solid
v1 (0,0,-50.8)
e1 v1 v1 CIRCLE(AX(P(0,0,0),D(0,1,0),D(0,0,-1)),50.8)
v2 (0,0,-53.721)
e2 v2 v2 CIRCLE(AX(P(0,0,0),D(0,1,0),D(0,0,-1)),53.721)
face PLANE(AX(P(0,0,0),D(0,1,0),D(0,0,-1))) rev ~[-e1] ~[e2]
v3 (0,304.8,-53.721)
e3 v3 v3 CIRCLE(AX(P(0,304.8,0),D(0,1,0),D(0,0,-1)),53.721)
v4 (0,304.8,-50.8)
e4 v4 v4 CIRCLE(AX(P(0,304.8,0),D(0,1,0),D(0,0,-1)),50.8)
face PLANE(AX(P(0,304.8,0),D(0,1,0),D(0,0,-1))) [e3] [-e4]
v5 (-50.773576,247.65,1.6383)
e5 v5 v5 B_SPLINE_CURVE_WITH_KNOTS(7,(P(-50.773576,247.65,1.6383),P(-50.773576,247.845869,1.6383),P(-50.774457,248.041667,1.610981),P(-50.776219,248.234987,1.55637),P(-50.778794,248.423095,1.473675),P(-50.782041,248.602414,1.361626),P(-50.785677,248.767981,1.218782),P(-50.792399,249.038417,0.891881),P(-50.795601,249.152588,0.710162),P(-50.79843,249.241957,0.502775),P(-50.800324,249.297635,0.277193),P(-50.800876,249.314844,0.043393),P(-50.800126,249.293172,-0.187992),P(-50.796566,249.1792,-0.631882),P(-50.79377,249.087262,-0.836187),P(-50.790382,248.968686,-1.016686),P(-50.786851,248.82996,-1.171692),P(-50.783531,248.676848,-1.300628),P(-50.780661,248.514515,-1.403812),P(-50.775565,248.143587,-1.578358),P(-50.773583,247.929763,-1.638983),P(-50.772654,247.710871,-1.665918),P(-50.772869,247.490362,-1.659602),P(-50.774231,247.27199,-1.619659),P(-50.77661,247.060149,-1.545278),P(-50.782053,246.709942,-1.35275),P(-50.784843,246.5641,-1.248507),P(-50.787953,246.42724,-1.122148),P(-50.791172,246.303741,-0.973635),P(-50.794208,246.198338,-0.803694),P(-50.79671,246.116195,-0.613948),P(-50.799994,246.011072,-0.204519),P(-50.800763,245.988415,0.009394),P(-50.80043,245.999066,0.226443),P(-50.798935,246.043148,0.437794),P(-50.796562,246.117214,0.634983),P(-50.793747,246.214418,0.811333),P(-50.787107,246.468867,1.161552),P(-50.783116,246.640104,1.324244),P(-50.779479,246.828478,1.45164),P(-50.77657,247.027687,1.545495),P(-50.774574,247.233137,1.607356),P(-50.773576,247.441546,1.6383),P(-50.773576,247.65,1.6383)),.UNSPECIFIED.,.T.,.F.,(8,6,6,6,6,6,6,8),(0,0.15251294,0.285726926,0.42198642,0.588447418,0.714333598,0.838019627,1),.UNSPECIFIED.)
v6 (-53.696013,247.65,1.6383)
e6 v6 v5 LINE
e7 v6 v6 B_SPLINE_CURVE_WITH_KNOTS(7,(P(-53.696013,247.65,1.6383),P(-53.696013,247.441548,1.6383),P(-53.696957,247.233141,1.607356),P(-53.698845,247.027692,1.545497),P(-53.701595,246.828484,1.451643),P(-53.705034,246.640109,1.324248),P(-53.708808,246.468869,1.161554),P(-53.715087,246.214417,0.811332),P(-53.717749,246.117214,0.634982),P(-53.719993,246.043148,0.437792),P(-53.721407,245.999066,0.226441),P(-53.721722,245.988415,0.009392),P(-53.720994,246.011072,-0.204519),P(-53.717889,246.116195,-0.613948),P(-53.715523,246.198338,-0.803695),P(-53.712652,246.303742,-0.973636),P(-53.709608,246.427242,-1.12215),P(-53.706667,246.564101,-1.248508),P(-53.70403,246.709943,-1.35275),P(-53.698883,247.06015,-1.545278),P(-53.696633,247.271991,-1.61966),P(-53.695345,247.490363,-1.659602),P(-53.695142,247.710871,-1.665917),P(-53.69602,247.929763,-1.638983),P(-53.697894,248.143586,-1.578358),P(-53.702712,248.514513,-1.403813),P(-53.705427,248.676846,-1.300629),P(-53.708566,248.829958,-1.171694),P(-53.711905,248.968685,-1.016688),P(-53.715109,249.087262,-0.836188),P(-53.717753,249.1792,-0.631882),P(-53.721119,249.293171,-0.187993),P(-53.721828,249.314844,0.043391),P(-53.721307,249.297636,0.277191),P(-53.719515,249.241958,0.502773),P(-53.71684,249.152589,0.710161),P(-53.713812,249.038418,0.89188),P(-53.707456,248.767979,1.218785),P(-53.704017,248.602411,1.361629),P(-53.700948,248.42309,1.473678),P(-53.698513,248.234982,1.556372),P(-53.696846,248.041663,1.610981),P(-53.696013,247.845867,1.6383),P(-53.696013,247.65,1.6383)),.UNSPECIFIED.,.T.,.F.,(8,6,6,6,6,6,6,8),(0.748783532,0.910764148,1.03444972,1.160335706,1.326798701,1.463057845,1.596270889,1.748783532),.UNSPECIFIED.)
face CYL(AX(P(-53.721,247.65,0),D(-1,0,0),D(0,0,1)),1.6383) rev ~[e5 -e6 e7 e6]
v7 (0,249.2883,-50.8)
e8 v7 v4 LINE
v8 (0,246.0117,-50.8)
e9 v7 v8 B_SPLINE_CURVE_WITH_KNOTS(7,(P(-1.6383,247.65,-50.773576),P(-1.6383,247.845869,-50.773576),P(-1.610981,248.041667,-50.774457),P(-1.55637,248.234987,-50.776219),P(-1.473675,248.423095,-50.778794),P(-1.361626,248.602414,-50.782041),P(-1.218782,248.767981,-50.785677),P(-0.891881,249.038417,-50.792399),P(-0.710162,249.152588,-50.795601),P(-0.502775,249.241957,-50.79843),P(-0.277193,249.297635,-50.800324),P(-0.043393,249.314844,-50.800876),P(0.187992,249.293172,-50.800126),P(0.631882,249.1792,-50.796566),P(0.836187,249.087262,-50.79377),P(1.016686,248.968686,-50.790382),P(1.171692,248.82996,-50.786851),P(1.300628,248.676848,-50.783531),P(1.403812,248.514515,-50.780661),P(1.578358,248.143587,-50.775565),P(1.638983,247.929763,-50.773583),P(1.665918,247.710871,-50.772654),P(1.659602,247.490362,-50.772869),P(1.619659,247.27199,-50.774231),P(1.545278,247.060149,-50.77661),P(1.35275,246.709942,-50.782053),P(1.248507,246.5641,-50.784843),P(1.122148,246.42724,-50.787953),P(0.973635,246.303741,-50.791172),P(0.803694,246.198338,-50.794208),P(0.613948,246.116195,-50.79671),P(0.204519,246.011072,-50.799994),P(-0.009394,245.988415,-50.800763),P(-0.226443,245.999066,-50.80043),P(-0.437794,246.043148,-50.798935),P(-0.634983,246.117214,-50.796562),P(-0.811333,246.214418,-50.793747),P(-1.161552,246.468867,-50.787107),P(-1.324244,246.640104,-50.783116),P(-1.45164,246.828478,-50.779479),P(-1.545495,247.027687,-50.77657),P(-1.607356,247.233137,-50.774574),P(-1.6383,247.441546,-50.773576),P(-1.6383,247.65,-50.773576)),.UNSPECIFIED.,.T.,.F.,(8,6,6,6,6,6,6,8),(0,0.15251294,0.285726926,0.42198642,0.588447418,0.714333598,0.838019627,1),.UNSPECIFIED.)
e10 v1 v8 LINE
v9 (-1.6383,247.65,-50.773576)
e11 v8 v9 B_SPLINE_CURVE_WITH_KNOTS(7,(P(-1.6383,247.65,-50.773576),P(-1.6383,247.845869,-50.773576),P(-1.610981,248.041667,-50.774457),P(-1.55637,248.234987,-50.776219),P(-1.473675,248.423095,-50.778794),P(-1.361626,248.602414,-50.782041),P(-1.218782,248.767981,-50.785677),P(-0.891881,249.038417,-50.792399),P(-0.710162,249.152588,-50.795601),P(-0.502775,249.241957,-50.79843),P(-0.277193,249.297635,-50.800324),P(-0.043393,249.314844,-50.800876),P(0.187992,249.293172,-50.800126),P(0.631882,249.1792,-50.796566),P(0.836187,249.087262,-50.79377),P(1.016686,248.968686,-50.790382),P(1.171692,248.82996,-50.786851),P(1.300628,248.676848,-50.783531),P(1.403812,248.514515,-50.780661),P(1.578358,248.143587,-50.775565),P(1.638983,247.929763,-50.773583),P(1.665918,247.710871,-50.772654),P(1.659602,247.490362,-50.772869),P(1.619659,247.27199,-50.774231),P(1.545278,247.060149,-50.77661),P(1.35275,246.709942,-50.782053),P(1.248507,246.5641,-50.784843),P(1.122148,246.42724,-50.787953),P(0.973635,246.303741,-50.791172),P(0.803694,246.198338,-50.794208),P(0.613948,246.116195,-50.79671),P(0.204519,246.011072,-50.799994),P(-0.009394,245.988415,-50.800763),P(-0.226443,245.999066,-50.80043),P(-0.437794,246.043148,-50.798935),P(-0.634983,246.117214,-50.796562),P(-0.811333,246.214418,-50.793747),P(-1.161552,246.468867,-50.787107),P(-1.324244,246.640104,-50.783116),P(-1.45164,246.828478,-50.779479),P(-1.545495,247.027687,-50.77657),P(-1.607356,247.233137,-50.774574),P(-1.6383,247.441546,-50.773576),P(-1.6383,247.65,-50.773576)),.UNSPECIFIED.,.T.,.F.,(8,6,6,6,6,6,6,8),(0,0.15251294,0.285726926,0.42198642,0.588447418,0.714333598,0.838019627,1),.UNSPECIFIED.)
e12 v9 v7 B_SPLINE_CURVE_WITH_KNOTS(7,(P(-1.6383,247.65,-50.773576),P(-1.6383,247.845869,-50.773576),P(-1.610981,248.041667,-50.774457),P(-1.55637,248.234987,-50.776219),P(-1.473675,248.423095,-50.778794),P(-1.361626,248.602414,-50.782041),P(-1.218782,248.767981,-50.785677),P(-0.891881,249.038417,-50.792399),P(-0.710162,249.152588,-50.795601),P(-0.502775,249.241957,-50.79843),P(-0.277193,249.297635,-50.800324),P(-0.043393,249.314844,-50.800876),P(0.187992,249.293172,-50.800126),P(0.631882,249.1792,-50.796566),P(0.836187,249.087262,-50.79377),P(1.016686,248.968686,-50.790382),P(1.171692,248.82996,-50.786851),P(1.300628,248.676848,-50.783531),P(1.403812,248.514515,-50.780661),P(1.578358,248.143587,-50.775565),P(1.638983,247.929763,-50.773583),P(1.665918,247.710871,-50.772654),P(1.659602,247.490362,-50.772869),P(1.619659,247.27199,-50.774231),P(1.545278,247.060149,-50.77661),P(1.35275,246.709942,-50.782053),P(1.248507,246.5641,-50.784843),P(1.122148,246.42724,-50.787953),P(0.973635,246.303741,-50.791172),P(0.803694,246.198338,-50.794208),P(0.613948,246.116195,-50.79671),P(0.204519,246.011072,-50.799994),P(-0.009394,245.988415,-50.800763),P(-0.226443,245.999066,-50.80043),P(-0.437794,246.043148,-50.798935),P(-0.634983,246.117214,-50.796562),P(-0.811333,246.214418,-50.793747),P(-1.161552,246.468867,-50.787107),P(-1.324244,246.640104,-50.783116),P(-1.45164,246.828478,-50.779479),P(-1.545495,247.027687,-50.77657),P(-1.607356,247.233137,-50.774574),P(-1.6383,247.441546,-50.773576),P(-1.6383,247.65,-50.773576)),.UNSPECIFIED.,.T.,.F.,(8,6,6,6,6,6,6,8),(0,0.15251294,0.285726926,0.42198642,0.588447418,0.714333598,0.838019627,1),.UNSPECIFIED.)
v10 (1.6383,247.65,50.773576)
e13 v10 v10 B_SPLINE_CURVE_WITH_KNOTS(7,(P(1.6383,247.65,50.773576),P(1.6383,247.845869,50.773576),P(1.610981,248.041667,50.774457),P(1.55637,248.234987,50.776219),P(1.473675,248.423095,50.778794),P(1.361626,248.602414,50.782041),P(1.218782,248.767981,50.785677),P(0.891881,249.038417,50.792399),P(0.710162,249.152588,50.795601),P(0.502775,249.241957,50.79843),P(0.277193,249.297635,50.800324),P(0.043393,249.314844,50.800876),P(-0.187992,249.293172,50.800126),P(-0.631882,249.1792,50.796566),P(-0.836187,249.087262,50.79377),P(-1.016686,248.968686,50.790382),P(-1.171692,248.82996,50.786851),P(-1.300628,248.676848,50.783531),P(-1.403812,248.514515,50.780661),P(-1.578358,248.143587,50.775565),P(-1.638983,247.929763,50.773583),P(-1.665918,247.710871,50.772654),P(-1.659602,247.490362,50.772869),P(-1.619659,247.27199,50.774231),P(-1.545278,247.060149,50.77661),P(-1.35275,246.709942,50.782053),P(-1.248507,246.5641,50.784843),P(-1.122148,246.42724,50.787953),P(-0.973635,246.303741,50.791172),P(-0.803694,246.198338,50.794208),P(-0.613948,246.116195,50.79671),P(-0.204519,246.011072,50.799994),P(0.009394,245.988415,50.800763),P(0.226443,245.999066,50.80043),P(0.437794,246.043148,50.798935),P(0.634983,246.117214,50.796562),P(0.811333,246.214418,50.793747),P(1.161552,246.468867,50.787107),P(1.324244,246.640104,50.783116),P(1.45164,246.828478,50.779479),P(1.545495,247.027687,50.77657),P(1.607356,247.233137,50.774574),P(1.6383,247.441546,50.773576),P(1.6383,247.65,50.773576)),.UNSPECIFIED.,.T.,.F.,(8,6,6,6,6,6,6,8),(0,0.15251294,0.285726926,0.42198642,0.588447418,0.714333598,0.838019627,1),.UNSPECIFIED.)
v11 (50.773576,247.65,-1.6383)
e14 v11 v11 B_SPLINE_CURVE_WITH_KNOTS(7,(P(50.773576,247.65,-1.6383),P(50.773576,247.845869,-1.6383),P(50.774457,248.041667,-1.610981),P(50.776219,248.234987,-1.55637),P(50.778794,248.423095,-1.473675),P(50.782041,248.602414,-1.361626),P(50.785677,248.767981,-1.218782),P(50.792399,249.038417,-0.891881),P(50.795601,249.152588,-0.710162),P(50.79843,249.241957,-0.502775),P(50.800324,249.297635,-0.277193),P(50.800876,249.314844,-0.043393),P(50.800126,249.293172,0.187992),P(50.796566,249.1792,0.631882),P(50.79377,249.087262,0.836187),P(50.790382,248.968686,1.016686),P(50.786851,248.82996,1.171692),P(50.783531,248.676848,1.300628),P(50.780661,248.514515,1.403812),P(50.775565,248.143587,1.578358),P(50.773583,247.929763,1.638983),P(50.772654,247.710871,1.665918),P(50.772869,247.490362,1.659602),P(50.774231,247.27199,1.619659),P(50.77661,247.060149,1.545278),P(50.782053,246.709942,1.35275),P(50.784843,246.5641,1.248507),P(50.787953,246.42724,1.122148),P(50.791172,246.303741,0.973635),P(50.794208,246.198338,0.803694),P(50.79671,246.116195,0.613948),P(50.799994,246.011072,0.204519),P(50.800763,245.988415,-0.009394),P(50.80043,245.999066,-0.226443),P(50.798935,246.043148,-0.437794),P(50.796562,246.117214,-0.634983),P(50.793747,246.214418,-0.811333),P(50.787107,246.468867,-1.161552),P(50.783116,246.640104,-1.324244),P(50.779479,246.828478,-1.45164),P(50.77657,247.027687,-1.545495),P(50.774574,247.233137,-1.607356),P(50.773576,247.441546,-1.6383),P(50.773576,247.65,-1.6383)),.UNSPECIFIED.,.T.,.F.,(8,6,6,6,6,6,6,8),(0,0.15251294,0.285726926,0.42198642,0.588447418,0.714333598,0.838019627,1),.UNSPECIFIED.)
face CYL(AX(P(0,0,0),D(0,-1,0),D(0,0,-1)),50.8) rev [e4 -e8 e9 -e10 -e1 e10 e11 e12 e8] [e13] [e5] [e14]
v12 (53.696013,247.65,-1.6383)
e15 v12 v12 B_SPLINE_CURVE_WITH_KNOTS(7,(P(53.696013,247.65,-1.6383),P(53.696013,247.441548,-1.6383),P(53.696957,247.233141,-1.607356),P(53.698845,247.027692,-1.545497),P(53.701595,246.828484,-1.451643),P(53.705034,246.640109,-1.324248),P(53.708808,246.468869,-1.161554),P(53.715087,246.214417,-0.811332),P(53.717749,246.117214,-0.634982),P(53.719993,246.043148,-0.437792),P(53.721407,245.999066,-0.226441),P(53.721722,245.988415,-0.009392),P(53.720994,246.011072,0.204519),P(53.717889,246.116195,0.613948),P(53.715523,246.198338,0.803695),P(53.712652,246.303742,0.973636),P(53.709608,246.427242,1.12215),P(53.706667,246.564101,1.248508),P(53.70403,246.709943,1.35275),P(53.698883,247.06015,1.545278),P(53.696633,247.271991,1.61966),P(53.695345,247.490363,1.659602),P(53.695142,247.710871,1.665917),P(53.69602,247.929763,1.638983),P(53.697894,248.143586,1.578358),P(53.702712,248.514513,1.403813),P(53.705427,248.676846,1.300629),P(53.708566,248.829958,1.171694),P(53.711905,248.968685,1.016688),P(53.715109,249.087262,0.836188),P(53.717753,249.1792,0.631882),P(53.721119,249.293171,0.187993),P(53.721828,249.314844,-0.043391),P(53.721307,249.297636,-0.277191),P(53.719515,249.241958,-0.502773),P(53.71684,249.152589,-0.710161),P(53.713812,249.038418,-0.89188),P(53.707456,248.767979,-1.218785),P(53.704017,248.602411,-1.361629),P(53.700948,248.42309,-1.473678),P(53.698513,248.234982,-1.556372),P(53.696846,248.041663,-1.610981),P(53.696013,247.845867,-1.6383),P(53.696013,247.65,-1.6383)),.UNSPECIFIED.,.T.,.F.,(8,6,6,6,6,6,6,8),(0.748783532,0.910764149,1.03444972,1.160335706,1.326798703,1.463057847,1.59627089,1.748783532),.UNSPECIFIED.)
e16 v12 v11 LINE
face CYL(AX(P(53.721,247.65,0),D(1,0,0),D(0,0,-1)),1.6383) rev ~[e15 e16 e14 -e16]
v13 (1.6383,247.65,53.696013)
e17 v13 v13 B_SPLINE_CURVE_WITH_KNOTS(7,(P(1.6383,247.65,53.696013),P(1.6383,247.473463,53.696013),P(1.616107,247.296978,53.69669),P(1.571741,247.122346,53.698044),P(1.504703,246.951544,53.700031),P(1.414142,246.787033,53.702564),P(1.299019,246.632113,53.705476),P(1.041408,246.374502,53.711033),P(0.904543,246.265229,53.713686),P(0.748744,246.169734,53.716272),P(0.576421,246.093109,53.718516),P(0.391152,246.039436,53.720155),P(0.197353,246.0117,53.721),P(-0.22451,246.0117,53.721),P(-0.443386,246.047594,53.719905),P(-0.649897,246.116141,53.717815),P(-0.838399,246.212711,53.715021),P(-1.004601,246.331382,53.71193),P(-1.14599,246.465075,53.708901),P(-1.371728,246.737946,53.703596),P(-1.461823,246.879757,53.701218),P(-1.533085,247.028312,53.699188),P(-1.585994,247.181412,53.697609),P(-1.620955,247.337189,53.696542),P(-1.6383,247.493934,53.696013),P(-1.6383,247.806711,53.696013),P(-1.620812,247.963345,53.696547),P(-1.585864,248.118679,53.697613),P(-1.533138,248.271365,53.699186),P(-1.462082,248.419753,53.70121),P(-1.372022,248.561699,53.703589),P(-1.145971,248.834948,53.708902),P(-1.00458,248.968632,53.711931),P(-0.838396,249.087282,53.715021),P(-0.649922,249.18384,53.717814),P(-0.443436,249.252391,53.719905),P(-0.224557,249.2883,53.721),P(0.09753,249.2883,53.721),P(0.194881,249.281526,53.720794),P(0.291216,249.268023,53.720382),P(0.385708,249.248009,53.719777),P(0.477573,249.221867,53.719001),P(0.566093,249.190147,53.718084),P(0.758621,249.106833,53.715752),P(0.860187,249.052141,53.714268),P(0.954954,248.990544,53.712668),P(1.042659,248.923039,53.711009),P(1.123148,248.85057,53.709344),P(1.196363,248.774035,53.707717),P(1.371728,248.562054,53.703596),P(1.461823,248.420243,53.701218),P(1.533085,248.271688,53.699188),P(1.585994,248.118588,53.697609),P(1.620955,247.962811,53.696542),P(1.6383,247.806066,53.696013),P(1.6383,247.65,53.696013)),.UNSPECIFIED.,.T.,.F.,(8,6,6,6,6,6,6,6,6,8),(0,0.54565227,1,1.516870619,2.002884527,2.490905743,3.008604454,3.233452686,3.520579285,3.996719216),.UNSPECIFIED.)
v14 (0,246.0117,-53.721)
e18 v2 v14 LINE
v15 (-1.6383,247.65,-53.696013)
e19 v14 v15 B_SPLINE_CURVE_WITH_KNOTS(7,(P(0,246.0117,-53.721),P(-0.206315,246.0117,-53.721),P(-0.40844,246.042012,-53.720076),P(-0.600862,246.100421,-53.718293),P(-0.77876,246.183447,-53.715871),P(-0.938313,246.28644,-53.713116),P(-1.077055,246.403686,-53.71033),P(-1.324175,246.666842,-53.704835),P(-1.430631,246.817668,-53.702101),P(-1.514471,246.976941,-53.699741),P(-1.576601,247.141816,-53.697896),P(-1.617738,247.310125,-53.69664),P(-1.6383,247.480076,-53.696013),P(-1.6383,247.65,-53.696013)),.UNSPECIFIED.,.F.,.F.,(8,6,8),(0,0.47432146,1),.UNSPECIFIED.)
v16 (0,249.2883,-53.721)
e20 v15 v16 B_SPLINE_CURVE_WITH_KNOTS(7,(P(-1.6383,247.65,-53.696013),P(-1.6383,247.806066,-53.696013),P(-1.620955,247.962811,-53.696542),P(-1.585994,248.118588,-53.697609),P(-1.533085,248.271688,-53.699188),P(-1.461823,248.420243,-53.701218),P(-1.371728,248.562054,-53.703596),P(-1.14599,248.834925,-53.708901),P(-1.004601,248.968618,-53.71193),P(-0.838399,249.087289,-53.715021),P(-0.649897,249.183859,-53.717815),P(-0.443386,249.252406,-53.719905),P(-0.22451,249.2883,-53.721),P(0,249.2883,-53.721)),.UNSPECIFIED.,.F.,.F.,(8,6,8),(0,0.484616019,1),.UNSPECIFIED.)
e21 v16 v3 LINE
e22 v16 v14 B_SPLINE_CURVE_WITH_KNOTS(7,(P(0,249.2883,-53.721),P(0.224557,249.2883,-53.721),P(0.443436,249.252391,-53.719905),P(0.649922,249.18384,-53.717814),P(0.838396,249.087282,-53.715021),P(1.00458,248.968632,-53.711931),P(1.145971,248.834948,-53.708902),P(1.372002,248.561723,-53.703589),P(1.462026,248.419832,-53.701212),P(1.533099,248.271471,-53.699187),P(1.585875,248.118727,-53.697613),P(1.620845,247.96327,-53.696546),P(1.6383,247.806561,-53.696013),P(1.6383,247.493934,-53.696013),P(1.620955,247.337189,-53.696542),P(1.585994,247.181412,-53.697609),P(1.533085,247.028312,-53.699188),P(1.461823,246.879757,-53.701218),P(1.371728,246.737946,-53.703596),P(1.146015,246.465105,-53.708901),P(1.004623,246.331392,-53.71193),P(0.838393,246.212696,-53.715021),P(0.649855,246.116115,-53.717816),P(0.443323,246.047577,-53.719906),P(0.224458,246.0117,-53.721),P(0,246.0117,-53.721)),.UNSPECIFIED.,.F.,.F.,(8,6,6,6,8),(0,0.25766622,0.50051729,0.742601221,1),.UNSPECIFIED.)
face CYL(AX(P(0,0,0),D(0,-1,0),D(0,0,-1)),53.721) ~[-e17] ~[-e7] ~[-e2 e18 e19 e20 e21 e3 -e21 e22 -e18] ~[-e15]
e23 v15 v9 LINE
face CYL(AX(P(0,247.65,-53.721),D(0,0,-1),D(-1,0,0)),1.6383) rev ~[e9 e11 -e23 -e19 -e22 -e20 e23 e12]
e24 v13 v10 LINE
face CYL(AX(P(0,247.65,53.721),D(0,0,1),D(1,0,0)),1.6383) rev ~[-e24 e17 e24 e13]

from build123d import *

# Parameters (mm, degrees)
SKETCH1_R               = 53.721
SKETCH1_R_2             = 50.8
TUBE_EXTRUSION_DEPTH    = 304.8
CUT_EXTRUDE1_REACH      = 329.617
CUT_EXTRUDE1_END_RADIUS = 50.8
SKETCH2_R               = 1.6383
CIRPATTERN1_COUNT       = 4


with BuildPart() as part:
    # Sketch1 → Tube Extrusion (new body)
    with BuildSketch(Plane(origin=(0, 0, 0), x_dir=(1, 0, 0), z_dir=(0, 1, 0))):
        with Locations(Location((0, 0, 0), (0, 0, 90))):
            Circle(SKETCH1_R)
        with Locations(Location((0, 0, 0), (0, 0, 90))):
            Circle(SKETCH1_R_2, mode=Mode.SUBTRACT)
    extrude(amount=TUBE_EXTRUSION_DEPTH)

    # Cut-Extrude1: up to this cylinder (the profile starts outside it)
    cut_extrude1_end = Plane(origin=(0, 247.65, 0), z_dir=(0, -1, 0)) * Cylinder(CUT_EXTRUDE1_END_RADIUS, 761.834, mode=Mode.PRIVATE)
    # Sketch2 → Cut-Extrude1 (cut, up to the surface)
    with BuildSketch(Plane(origin=(53.721, 0, 0), x_dir=(0, 0, -1), z_dir=(1, 0, 0)), mode=Mode.PRIVATE) as cut_extrude1_sk1:
        with Locations((0, 247.65)):
            Circle(SKETCH2_R)
    cut_extrude1_tool1 = extrude(cut_extrude1_sk1.sketch, amount=-CUT_EXTRUDE1_REACH, mode=Mode.PRIVATE) - cut_extrude1_end
    cut_extrude1 = cut_extrude1_tool1.solids().sort_by_distance((53.721, 247.65, 0))[0]
    add(cut_extrude1, mode=Mode.SUBTRACT)

    # CirPattern1: Cut-Extrude1 ×4 about axis
    cirpattern1_axis = Axis((0, 304.8, 0), (0, -1, 0))
    for i in range(1, CIRPATTERN1_COUNT):
        add(cut_extrude1.rotate(cirpattern1_axis, i * 360 / CIRPATTERN1_COUNT), mode=Mode.SUBTRACT)


solid = part.part
